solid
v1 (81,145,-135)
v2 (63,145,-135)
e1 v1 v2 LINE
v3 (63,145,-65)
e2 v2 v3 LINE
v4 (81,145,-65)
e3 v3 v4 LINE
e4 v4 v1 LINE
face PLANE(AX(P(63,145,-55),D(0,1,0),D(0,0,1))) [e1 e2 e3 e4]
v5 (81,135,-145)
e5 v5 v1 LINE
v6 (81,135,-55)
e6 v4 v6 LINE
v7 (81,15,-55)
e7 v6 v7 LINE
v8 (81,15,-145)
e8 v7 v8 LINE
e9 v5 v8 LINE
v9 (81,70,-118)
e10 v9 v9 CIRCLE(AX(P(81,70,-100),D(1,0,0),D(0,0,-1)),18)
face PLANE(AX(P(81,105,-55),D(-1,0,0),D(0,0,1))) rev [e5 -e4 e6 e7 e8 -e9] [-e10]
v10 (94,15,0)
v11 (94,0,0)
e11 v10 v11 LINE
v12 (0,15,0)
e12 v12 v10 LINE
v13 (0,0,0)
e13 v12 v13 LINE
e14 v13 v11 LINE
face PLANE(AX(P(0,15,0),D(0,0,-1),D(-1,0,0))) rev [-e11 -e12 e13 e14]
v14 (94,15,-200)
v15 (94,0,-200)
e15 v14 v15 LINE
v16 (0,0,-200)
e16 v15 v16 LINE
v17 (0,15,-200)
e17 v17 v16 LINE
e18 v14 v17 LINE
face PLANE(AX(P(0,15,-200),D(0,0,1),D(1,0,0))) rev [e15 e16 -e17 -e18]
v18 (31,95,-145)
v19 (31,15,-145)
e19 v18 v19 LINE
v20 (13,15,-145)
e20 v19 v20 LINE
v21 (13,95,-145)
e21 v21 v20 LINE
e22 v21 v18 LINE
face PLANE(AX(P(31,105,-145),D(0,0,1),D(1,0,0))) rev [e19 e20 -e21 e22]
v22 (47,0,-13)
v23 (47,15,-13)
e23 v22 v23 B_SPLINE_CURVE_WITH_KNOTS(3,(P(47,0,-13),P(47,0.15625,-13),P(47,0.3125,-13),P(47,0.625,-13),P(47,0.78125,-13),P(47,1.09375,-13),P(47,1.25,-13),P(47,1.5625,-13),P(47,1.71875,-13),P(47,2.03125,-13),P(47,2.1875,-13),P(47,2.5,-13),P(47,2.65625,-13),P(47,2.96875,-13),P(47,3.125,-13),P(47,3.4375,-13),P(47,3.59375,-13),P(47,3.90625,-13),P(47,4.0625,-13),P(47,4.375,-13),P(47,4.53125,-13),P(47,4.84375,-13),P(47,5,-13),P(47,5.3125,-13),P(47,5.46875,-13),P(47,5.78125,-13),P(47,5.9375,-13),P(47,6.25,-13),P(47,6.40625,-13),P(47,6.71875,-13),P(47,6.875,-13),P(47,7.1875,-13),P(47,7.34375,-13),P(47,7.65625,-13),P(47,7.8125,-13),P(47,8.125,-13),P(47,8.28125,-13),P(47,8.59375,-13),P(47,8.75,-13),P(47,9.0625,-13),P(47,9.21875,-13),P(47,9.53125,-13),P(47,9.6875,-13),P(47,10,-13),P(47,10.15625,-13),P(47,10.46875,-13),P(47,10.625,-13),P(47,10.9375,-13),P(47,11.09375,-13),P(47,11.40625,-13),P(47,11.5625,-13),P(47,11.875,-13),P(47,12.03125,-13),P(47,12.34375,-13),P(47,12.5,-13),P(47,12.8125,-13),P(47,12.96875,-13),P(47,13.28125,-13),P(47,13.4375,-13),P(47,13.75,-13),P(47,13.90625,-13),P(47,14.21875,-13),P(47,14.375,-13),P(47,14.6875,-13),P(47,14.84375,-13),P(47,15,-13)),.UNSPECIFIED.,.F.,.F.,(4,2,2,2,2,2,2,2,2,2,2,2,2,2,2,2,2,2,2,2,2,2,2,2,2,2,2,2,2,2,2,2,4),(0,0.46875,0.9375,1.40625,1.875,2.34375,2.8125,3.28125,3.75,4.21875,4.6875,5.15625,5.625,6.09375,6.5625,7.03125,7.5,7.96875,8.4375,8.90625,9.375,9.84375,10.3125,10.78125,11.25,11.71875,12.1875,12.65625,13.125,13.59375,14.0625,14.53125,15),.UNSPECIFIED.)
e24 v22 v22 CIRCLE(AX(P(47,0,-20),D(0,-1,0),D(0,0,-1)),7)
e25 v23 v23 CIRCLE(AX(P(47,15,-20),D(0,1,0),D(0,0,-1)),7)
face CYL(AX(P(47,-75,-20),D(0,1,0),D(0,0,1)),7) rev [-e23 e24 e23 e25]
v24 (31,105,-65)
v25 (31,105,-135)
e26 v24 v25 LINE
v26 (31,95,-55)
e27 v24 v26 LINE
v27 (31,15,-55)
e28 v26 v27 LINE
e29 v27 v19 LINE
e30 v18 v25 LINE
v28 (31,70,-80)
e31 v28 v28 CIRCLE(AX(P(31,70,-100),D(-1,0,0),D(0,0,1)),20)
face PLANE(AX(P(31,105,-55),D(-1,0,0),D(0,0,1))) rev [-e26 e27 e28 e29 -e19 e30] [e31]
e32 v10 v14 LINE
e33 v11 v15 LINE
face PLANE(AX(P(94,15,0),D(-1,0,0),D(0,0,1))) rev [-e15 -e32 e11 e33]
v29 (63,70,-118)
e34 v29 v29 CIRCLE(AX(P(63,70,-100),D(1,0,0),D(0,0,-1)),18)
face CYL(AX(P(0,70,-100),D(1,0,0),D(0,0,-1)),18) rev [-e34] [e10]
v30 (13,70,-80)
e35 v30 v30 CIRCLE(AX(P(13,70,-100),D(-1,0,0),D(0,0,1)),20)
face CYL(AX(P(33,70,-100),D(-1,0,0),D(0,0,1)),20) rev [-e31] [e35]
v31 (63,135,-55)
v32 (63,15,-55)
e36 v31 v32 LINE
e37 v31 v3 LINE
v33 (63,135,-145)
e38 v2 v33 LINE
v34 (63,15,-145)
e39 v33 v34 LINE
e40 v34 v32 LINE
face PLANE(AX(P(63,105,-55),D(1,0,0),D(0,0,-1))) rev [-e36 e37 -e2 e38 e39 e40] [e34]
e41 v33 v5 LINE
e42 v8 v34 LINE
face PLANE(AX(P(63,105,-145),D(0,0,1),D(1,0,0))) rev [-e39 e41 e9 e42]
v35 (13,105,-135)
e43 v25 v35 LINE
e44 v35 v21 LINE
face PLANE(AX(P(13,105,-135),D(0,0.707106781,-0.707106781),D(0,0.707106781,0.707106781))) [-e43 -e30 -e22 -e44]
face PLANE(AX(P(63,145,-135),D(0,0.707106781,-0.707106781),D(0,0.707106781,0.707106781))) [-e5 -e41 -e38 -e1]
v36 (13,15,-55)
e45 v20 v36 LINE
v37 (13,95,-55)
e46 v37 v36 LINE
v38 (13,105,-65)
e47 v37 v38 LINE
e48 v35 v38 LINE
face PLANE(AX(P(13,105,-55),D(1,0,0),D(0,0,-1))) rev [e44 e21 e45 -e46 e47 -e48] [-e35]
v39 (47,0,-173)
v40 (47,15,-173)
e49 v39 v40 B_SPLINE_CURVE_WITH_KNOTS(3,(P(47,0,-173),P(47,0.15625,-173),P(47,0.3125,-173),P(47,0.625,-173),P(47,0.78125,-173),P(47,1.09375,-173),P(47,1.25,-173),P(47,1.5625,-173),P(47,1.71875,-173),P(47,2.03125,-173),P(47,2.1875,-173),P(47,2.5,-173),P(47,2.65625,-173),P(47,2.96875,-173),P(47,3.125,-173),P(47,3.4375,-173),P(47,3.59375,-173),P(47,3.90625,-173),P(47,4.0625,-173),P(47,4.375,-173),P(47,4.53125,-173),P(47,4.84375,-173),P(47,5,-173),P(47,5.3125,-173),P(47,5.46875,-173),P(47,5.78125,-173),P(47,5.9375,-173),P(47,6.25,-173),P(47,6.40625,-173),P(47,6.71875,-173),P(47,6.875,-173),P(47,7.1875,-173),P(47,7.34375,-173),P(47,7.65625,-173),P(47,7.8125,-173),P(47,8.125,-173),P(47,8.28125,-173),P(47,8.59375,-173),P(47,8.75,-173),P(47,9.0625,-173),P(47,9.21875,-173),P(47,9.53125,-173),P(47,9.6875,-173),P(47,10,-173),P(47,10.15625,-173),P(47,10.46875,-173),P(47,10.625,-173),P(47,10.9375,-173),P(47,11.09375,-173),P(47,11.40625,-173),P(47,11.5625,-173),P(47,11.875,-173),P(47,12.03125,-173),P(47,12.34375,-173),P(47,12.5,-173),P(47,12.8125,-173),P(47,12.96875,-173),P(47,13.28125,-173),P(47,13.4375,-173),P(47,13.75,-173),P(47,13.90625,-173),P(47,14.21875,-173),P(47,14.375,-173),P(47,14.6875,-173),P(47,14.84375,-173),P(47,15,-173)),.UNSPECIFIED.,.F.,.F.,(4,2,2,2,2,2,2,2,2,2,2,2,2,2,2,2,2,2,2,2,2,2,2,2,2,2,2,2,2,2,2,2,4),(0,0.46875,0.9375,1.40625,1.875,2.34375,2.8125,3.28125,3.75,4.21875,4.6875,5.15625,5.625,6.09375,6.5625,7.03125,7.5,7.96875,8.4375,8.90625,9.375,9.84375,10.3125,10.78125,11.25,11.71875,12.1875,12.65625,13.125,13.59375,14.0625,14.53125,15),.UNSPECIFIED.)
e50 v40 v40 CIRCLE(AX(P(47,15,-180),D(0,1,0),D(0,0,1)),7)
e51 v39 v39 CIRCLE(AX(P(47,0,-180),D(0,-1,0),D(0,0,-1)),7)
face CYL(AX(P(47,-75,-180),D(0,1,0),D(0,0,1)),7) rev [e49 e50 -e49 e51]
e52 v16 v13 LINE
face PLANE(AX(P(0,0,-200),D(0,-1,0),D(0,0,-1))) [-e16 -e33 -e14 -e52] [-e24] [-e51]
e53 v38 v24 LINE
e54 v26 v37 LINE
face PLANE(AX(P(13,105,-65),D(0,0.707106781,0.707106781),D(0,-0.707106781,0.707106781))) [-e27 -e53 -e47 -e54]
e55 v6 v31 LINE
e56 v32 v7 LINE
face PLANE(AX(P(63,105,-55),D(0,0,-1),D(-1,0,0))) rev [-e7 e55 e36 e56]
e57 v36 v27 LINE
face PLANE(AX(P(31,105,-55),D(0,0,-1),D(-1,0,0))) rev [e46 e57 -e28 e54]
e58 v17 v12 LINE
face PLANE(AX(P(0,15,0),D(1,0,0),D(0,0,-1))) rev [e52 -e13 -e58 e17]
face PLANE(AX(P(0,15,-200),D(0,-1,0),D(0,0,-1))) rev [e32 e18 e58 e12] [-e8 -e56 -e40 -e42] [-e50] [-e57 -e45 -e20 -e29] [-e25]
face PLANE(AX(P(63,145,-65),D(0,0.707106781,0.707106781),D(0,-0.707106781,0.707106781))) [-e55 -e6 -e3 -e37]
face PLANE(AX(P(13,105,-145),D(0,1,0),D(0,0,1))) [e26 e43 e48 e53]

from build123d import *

# Parameters (mm, degrees)
SCHIZZO1_W        = 94
SCHIZZO1_H        = 200
ESTRUSIONE1_DEPTH = 15
SCHIZZO2_W        = 18
SCHIZZO2_H        = 90
ESTRUSIONE2_DEPTH = 90
SCHIZZO3_R        = 7
ESTRUSIONE3_DEPTH = 90
SCHIZZO4_R        = 18
ESTRUSIONE4_DEPTH = 240.970831561
SCHIZZO5_R        = 20
ESTRUSIONE5_DEPTH = 20
SCHIZZO7_W        = 18
SCHIZZO7_H        = 90
ESTRUSIONE6_DEPTH = 40
SMUSSO1_SIZE      = 10


with BuildPart() as part:
    # Schizzo1 → Estrusione1 (new body)
    with BuildSketch(Plane(origin=(0, 0, 0), x_dir=(1, 0, 0), z_dir=(0, 1, 0))):
        with Locations((47, 100)):
            Rectangle(SCHIZZO1_W, SCHIZZO1_H)
    extrude(amount=ESTRUSIONE1_DEPTH)

    # Schizzo2 → Estrusione2 (add)
    with BuildSketch(Plane(origin=(0, 15, 0), x_dir=(1, 0, 0), z_dir=(0, 1, 0))):
        with Locations((72, 100)):
            Rectangle(SCHIZZO2_W, SCHIZZO2_H)
        with Locations((22, 100)):
            Rectangle(SCHIZZO2_W, SCHIZZO2_H)
    extrude(amount=ESTRUSIONE2_DEPTH)

    # Schizzo3 → Estrusione3 (cut)
    with BuildSketch(Plane(origin=(0, 15, 0), x_dir=(1, 0, 0), z_dir=(0, 1, 0))):
        with Locations(Location((47, 180, 0), (0, 0, 270))):
            Circle(SCHIZZO3_R)
        with Locations(Location((47, 20, 0), (0, 0, 270))):
            Circle(SCHIZZO3_R)
    extrude(amount=-ESTRUSIONE3_DEPTH, mode=Mode.SUBTRACT)

    # Schizzo4 → Estrusione4 (cut, through all)
    with BuildSketch(Plane(origin=(81, 0, 0), x_dir=(0, 0, -1), z_dir=(1, 0, 0))):
        with Locations((100, 70)):
            Circle(SCHIZZO4_R)
    extrude(amount=-ESTRUSIONE4_DEPTH, mode=Mode.SUBTRACT)

    # Schizzo5 → Estrusione5 (cut)
    with BuildSketch(Plane.ZY.offset(-13)):
        with Locations((-100, 70)):
            Circle(SCHIZZO5_R)
    extrude(amount=-ESTRUSIONE5_DEPTH, mode=Mode.SUBTRACT)

    # Schizzo7 → Estrusione6 (add)
    with BuildSketch(Plane(origin=(0, 105, 0), x_dir=(1, 0, 0), z_dir=(0, 1, 0))):
        with Locations((72, 100)):
            Rectangle(SCHIZZO7_W, SCHIZZO7_H)
    extrude(amount=ESTRUSIONE6_DEPTH)

    # Smusso1
    smusso1_edges = [part.edges().sort_by_distance(p)[0] for p in [
        (22, 105, -55),
        (22, 105, -145),
        (72, 145, -55),
        (72, 145, -145),
    ]]
    chamfer(smusso1_edges, length=SMUSSO1_SIZE)


solid = part.part
